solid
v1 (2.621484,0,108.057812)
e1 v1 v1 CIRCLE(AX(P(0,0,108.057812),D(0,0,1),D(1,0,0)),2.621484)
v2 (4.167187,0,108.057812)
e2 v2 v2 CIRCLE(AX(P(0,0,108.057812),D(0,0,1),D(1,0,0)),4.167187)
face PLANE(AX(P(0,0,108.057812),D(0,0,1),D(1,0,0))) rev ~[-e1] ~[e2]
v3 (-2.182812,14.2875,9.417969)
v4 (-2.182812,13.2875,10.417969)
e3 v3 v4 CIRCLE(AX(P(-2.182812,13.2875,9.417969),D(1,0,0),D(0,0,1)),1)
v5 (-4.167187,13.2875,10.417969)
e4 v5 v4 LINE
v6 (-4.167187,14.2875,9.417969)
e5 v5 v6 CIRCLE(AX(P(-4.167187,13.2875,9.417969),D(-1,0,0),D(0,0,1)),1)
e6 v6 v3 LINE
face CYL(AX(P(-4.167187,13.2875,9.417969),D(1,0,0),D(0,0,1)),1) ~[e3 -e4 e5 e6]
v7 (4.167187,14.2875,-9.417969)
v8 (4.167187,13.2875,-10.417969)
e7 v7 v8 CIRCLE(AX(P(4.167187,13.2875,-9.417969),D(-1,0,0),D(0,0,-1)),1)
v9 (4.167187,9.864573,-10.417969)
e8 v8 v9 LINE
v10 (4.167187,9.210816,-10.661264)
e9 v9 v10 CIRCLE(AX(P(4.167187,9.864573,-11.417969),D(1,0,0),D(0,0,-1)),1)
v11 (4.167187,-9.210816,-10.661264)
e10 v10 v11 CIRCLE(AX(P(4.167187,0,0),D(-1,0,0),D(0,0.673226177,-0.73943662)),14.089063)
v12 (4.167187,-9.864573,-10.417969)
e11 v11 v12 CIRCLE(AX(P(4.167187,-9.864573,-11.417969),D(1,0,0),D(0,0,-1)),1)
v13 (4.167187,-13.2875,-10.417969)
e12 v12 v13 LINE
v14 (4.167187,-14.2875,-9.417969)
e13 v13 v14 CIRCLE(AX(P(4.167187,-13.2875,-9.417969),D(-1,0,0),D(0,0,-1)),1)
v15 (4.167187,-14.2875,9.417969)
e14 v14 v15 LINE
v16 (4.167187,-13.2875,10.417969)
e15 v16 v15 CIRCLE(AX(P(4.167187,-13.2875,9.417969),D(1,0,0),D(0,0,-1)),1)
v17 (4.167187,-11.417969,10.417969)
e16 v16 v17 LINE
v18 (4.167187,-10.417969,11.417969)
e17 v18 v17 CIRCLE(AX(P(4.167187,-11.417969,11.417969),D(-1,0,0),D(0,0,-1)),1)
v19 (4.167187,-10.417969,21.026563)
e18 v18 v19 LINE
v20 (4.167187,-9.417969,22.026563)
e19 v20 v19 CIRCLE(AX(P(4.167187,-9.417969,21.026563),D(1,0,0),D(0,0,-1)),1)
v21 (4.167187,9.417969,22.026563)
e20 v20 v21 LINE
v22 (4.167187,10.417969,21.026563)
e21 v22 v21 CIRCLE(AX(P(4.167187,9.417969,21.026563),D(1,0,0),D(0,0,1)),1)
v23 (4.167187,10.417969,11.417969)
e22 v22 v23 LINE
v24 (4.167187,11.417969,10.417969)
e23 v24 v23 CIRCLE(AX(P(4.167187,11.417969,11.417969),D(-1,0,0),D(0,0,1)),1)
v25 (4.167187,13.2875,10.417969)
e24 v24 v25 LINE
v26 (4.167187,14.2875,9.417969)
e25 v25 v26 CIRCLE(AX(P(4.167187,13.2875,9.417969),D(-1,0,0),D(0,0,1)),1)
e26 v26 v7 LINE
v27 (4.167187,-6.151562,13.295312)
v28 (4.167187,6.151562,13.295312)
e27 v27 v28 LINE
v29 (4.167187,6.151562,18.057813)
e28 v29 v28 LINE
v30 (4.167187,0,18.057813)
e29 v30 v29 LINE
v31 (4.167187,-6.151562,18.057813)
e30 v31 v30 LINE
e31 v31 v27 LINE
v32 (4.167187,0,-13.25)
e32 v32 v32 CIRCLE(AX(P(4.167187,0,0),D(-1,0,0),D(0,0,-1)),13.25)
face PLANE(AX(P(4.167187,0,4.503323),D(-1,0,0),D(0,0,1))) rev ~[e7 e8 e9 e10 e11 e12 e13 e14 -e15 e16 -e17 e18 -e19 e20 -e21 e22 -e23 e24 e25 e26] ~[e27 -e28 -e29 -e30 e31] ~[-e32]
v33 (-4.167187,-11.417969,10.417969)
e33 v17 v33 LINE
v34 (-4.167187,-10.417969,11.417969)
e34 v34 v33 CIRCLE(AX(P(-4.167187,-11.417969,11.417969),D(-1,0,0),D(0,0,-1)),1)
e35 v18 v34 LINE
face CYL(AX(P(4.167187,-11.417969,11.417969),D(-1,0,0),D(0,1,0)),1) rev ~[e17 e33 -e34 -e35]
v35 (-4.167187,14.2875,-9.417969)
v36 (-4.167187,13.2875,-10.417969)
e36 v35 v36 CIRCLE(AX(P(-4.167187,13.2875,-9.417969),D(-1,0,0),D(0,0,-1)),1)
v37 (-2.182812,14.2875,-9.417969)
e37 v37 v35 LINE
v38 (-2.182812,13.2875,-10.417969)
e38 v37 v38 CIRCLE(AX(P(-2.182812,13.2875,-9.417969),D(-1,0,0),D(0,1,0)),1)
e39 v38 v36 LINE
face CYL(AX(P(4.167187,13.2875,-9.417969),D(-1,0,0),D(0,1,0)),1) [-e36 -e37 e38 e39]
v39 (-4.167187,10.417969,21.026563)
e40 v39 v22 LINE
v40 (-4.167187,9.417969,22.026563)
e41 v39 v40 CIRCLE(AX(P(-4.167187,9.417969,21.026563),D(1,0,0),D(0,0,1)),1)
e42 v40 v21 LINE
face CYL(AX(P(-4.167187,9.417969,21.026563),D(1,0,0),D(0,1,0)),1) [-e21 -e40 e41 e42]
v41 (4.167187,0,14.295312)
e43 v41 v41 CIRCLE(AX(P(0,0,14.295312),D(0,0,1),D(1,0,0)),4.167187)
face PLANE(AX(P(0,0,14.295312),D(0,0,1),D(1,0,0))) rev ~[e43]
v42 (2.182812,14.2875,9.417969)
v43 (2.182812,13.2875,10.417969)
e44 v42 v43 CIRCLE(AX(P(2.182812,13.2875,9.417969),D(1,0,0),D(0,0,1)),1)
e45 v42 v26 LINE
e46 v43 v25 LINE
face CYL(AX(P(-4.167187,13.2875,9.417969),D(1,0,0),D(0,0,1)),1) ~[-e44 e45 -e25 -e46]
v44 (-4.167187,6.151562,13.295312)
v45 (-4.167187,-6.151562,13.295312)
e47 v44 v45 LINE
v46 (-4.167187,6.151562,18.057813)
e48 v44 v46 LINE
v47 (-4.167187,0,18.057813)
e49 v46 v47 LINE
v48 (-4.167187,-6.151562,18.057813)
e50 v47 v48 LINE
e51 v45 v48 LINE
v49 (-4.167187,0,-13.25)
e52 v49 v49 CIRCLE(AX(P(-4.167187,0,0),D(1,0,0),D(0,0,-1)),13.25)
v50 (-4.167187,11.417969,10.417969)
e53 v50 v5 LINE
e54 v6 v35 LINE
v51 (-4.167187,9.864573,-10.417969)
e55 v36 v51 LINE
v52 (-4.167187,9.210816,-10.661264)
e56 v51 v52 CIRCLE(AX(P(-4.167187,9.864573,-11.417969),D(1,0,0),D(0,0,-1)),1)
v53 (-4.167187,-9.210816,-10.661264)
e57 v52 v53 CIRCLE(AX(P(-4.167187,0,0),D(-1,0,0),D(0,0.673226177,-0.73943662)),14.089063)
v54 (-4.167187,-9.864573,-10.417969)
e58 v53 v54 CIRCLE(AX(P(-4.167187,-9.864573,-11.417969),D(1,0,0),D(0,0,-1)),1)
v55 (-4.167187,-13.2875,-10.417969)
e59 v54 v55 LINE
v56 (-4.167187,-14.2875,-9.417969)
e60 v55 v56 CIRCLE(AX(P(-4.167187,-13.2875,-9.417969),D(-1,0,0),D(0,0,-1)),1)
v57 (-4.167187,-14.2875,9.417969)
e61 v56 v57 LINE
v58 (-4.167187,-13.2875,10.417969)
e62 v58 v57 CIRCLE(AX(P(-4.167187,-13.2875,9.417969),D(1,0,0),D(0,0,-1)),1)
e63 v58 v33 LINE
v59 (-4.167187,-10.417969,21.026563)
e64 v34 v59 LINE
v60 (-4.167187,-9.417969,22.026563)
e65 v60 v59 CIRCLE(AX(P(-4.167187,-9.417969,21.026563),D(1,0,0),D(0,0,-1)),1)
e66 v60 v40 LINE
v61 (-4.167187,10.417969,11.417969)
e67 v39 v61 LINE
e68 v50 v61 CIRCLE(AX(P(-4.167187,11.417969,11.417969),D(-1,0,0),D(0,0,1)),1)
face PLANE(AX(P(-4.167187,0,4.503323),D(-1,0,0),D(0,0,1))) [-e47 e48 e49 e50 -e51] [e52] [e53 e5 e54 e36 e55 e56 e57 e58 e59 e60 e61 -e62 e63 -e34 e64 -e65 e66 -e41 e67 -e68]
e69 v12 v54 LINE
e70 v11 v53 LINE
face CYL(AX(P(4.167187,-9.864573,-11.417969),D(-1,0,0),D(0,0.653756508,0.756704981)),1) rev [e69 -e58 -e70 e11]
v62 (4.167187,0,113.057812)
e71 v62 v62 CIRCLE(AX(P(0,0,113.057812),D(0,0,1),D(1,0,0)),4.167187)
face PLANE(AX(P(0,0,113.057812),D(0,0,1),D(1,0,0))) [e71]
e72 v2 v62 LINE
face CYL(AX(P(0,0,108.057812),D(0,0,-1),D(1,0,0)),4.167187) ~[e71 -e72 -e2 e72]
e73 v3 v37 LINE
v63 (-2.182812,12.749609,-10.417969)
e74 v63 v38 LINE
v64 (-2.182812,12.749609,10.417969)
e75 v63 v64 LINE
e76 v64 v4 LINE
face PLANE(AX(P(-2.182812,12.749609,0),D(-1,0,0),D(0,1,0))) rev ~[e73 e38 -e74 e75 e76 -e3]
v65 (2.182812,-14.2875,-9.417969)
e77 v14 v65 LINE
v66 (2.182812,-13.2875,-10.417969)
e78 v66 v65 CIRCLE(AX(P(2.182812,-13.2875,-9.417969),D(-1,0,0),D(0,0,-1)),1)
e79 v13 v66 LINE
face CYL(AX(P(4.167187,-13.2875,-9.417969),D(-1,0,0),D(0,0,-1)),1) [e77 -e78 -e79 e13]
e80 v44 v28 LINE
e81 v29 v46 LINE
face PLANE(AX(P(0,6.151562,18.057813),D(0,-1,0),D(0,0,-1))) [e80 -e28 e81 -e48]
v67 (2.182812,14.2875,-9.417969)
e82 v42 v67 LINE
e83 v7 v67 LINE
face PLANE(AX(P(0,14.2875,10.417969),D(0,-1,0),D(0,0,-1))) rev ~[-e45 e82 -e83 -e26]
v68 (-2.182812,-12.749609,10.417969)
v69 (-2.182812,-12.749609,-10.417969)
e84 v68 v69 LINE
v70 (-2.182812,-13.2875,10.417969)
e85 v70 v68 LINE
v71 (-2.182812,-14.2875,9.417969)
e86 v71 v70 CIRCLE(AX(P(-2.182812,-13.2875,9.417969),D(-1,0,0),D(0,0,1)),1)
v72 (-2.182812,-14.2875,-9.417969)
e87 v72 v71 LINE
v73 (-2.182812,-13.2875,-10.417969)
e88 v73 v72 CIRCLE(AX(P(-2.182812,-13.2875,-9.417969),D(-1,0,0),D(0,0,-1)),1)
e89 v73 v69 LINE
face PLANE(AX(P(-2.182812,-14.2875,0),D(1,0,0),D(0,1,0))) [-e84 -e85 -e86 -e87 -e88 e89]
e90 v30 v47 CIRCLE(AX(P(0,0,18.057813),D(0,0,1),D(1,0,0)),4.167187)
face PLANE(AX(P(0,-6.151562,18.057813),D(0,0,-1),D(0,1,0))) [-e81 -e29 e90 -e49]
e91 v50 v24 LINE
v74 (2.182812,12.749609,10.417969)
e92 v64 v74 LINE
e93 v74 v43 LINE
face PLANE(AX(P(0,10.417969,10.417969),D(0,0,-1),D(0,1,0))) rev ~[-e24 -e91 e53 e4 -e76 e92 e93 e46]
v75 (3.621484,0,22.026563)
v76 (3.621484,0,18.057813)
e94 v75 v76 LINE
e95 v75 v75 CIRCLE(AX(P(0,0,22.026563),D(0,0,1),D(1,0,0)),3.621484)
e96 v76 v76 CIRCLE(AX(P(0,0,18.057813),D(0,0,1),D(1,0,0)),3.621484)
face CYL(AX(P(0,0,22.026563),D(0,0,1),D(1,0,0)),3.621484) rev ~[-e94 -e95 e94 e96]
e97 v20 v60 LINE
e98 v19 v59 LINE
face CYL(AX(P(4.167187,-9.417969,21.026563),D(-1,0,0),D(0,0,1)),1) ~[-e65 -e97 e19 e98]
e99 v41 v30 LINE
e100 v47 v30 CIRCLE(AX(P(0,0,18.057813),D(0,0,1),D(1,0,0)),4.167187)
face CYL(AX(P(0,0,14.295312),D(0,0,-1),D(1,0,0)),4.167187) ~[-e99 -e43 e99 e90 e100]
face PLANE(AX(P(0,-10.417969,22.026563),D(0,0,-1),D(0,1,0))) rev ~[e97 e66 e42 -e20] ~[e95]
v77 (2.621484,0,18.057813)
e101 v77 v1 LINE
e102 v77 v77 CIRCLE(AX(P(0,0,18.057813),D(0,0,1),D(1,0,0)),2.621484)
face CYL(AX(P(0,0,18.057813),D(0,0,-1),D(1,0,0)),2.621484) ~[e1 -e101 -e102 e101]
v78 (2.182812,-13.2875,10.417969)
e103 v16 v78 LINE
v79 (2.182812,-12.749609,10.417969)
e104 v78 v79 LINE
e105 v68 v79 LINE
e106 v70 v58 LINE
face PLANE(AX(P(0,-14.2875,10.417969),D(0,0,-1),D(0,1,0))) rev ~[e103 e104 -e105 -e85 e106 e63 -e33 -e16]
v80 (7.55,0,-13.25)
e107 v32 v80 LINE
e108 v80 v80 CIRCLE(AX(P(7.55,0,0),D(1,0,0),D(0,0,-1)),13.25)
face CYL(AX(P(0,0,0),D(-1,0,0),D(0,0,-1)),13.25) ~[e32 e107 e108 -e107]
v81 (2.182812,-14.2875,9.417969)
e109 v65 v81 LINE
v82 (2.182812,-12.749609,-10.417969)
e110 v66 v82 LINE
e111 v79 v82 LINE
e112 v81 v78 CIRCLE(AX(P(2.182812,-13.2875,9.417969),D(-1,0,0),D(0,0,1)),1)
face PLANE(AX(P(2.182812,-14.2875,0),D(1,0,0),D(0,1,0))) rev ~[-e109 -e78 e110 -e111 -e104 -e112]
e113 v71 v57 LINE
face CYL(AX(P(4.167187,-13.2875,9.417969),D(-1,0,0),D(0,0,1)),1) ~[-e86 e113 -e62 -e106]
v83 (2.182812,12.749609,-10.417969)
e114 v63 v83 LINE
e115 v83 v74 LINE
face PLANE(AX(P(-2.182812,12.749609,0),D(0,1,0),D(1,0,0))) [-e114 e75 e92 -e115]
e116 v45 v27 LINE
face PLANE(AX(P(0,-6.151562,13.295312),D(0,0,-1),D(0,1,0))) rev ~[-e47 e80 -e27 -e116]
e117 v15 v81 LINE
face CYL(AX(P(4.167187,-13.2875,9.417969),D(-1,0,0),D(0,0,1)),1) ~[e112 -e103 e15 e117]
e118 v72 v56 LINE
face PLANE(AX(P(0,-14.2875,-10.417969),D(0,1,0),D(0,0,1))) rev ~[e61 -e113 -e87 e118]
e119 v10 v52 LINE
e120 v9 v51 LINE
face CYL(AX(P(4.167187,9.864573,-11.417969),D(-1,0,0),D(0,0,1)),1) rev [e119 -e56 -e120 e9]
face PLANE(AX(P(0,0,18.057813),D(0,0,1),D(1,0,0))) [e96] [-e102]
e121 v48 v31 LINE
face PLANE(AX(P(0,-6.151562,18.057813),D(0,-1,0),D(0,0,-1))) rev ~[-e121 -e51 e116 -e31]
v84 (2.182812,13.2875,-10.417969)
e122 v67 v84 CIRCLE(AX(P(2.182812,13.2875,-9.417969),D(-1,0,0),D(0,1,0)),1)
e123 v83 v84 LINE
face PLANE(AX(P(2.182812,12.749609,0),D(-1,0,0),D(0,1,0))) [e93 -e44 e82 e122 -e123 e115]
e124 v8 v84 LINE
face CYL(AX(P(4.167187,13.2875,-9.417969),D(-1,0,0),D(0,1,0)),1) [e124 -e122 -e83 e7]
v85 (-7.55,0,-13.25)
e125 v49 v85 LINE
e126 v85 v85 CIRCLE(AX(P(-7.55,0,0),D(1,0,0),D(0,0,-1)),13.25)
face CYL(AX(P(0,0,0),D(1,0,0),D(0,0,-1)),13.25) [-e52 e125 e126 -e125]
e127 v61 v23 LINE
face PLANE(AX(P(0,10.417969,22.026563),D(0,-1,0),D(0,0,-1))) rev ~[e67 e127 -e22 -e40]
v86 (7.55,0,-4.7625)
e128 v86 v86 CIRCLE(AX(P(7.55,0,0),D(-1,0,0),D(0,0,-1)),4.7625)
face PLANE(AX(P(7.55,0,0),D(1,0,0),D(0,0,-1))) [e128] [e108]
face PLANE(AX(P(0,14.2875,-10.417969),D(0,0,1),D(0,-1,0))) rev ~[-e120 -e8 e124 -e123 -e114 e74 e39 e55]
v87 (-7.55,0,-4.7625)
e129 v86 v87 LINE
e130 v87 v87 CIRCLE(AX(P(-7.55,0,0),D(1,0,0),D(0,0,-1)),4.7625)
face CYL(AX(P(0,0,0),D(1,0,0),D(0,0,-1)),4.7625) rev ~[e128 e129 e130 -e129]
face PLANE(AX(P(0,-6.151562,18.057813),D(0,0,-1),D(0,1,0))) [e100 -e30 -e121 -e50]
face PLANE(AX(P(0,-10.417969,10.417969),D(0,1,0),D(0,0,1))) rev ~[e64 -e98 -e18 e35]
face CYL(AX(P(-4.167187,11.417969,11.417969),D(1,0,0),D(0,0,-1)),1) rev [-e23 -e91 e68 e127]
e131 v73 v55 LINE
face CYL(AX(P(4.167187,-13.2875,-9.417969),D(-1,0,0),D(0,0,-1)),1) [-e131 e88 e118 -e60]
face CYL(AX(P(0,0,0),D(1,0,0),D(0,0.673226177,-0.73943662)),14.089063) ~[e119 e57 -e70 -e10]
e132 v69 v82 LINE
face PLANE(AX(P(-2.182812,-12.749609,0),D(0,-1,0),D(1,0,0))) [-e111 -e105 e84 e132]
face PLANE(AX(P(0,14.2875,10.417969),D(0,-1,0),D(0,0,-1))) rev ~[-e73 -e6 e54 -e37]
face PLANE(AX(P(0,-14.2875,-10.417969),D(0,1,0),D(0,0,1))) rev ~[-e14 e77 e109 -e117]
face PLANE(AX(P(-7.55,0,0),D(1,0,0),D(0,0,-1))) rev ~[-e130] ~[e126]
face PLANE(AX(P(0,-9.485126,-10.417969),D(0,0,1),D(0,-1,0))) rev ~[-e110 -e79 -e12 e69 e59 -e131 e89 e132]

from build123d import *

# Parameters (mm, degrees)
BASE_EXTRUDE_DEPTH       = 4.1671875
SKETCH2_R                = 13.25
BOSS_EXTRUDE1_DEPTH      = 7.55
BOSS_EXTRUDE1_DEPTH_BACK = 7.55
SKETCH3_R                = 4.7625
SKETCH3_W                = 4.7625
SKETCH3_H                = 12.303125
CUT_EXTRUDE1_DEPTH       = 8.55
CUT_EXTRUDE1_DEPTH_BACK  = 8.55
SKETCH4_R                = 3.175
BOSS_EXTRUDE3_DEPTH      = 3.96875
SKETCH6_R                = 3.621484375
CUT_EXTRUDE2_DEPTH       = 3.96875
FILLET1_R                = 1
FILLET2_R                = 1
SKETCH7_W                = 4.365625
SKETCH7_H                = 1.537890625
CUT_EXTRUDE3_DEPTH       = 23.0265625
CUT_EXTRUDE3_DEPTH_BACK  = 15.0890625
BOSS_EXTRUDE4_START      = 1
SKETCH8_R                = 4.1671875
BOSS_EXTRUDE4_DEPTH      = 3.7625
SKETCH9_R                = 2.621484375
BOSS_EXTRUDE5_DEPTH      = 90
SKETCH10_R               = 4.1671875
BOSS_EXTRUDE6_DEPTH      = 5


with BuildPart() as part:
    # Sketch1 → Base-Extrude (new body, symmetric)
    with BuildSketch(Plane(origin=(0, 0, 0), x_dir=(0, 0, -1), z_dir=(1, 0, 0))):
        with BuildLine():
            Line((-10.41796875, 14.2875), (10.41796875, 14.2875))
            Line((10.41796875, 14.2875), (10.41796875, 9.485125685))
            ThreePointArc((10.41796875, 9.485125685), (14.0890625, 0), (10.41796875, -9.485125685))
            Line((10.41796875, -9.485125685), (10.41796875, -14.2875))
            Line((10.41796875, -14.2875), (-10.41796875, -14.2875))
            Line((-10.41796875, -14.2875), (-10.41796875, -10.41796875))
            Line((-10.41796875, -10.41796875), (-22.0265625, -10.41796875))
            Line((-22.0265625, -10.41796875), (-22.0265625, 10.41796875))
            Line((-22.0265625, 10.41796875), (-10.41796875, 10.41796875))
            Line((-10.41796875, 10.41796875), (-10.41796875, 14.2875))
        make_face()
    extrude(amount=BASE_EXTRUDE_DEPTH, both=True)

    # Sketch2 → Boss-Extrude1 (add, two sides)
    with BuildSketch(Plane(origin=(0, 0, 0), x_dir=(0, 0, -1), z_dir=(1, 0, 0))) as boss_extrude1_sk:
        Circle(SKETCH2_R)
    extrude(amount=BOSS_EXTRUDE1_DEPTH)
    extrude(boss_extrude1_sk.sketch, amount=-BOSS_EXTRUDE1_DEPTH_BACK)

    # Sketch3 → Cut-Extrude1 (cut, two sides)
    with BuildSketch(Plane(origin=(0, 0, 0), x_dir=(0, 0, -1), z_dir=(1, 0, 0))) as cut_extrude1_sk:
        Circle(SKETCH3_R)
        with Locations((-15.6765625, 0)):
            Rectangle(SKETCH3_W, SKETCH3_H)
    extrude(amount=CUT_EXTRUDE1_DEPTH, mode=Mode.SUBTRACT)
    extrude(cut_extrude1_sk.sketch, amount=-CUT_EXTRUDE1_DEPTH_BACK, mode=Mode.SUBTRACT)

    # Sketch4 → Boss-Extrude3 (add)
    with BuildSketch(Plane.XY.offset(22.0265625)):
        Circle(SKETCH4_R)
    extrude(amount=-BOSS_EXTRUDE3_DEPTH)

    # Sketch6 → Cut-Extrude2 (cut)
    with BuildSketch(Plane.XY.offset(22.0265625)):
        Circle(SKETCH6_R)
    extrude(amount=-CUT_EXTRUDE2_DEPTH, mode=Mode.SUBTRACT)

    # Fillet1
    fillet1_edges = [part.edges().sort_by_distance(p)[0] for p in [
        (0, 9.485125685, -10.41796875),
        (0, -9.485125685, -10.41796875),
        (0, -10.41796875, 10.41796875),
        (0, 10.41796875, 10.41796875),
    ]]
    fillet(fillet1_edges, radius=FILLET1_R)

    # Fillet2
    fillet2_edges = [part.edges().sort_by_distance(p)[0] for p in [
        (0, 14.2875, 10.41796875),
        (0, 14.2875, -10.41796875),
        (0, -14.2875, -10.41796875),
        (0, -14.2875, 10.41796875),
        (0, -10.41796875, 22.0265625),
        (0, 10.41796875, 22.0265625),
    ]]
    fillet(fillet2_edges, radius=FILLET2_R)

    # Sketch7 → Cut-Extrude3 (cut, two sides)
    with BuildSketch(Plane.XY) as cut_extrude3_sk:
        with Locations((0, 13.518554688)):
            Rectangle(SKETCH7_W, SKETCH7_H)
        with Locations((0, -13.518554688)):
            Rectangle(SKETCH7_W, SKETCH7_H)
    extrude(amount=CUT_EXTRUDE3_DEPTH, mode=Mode.SUBTRACT)
    extrude(cut_extrude3_sk.sketch, amount=-CUT_EXTRUDE3_DEPTH_BACK, mode=Mode.SUBTRACT)

    # Sketch8 → Boss-Extrude4 (add)
    with BuildSketch(Plane.XY.offset(13.2953125).offset(BOSS_EXTRUDE4_START)):
        Circle(SKETCH8_R)
    extrude(amount=BOSS_EXTRUDE4_DEPTH)

    # Sketch9 → Boss-Extrude5 (add)
    with BuildSketch(Plane.XY.offset(18.0578125)):
        Circle(SKETCH9_R)
    extrude(amount=BOSS_EXTRUDE5_DEPTH)

    # Sketch10 → Boss-Extrude6 (add)
    with BuildSketch(Plane.XY.offset(108.0578125)):
        Circle(SKETCH10_R)
    extrude(amount=BOSS_EXTRUDE6_DEPTH)


solid = part.part
